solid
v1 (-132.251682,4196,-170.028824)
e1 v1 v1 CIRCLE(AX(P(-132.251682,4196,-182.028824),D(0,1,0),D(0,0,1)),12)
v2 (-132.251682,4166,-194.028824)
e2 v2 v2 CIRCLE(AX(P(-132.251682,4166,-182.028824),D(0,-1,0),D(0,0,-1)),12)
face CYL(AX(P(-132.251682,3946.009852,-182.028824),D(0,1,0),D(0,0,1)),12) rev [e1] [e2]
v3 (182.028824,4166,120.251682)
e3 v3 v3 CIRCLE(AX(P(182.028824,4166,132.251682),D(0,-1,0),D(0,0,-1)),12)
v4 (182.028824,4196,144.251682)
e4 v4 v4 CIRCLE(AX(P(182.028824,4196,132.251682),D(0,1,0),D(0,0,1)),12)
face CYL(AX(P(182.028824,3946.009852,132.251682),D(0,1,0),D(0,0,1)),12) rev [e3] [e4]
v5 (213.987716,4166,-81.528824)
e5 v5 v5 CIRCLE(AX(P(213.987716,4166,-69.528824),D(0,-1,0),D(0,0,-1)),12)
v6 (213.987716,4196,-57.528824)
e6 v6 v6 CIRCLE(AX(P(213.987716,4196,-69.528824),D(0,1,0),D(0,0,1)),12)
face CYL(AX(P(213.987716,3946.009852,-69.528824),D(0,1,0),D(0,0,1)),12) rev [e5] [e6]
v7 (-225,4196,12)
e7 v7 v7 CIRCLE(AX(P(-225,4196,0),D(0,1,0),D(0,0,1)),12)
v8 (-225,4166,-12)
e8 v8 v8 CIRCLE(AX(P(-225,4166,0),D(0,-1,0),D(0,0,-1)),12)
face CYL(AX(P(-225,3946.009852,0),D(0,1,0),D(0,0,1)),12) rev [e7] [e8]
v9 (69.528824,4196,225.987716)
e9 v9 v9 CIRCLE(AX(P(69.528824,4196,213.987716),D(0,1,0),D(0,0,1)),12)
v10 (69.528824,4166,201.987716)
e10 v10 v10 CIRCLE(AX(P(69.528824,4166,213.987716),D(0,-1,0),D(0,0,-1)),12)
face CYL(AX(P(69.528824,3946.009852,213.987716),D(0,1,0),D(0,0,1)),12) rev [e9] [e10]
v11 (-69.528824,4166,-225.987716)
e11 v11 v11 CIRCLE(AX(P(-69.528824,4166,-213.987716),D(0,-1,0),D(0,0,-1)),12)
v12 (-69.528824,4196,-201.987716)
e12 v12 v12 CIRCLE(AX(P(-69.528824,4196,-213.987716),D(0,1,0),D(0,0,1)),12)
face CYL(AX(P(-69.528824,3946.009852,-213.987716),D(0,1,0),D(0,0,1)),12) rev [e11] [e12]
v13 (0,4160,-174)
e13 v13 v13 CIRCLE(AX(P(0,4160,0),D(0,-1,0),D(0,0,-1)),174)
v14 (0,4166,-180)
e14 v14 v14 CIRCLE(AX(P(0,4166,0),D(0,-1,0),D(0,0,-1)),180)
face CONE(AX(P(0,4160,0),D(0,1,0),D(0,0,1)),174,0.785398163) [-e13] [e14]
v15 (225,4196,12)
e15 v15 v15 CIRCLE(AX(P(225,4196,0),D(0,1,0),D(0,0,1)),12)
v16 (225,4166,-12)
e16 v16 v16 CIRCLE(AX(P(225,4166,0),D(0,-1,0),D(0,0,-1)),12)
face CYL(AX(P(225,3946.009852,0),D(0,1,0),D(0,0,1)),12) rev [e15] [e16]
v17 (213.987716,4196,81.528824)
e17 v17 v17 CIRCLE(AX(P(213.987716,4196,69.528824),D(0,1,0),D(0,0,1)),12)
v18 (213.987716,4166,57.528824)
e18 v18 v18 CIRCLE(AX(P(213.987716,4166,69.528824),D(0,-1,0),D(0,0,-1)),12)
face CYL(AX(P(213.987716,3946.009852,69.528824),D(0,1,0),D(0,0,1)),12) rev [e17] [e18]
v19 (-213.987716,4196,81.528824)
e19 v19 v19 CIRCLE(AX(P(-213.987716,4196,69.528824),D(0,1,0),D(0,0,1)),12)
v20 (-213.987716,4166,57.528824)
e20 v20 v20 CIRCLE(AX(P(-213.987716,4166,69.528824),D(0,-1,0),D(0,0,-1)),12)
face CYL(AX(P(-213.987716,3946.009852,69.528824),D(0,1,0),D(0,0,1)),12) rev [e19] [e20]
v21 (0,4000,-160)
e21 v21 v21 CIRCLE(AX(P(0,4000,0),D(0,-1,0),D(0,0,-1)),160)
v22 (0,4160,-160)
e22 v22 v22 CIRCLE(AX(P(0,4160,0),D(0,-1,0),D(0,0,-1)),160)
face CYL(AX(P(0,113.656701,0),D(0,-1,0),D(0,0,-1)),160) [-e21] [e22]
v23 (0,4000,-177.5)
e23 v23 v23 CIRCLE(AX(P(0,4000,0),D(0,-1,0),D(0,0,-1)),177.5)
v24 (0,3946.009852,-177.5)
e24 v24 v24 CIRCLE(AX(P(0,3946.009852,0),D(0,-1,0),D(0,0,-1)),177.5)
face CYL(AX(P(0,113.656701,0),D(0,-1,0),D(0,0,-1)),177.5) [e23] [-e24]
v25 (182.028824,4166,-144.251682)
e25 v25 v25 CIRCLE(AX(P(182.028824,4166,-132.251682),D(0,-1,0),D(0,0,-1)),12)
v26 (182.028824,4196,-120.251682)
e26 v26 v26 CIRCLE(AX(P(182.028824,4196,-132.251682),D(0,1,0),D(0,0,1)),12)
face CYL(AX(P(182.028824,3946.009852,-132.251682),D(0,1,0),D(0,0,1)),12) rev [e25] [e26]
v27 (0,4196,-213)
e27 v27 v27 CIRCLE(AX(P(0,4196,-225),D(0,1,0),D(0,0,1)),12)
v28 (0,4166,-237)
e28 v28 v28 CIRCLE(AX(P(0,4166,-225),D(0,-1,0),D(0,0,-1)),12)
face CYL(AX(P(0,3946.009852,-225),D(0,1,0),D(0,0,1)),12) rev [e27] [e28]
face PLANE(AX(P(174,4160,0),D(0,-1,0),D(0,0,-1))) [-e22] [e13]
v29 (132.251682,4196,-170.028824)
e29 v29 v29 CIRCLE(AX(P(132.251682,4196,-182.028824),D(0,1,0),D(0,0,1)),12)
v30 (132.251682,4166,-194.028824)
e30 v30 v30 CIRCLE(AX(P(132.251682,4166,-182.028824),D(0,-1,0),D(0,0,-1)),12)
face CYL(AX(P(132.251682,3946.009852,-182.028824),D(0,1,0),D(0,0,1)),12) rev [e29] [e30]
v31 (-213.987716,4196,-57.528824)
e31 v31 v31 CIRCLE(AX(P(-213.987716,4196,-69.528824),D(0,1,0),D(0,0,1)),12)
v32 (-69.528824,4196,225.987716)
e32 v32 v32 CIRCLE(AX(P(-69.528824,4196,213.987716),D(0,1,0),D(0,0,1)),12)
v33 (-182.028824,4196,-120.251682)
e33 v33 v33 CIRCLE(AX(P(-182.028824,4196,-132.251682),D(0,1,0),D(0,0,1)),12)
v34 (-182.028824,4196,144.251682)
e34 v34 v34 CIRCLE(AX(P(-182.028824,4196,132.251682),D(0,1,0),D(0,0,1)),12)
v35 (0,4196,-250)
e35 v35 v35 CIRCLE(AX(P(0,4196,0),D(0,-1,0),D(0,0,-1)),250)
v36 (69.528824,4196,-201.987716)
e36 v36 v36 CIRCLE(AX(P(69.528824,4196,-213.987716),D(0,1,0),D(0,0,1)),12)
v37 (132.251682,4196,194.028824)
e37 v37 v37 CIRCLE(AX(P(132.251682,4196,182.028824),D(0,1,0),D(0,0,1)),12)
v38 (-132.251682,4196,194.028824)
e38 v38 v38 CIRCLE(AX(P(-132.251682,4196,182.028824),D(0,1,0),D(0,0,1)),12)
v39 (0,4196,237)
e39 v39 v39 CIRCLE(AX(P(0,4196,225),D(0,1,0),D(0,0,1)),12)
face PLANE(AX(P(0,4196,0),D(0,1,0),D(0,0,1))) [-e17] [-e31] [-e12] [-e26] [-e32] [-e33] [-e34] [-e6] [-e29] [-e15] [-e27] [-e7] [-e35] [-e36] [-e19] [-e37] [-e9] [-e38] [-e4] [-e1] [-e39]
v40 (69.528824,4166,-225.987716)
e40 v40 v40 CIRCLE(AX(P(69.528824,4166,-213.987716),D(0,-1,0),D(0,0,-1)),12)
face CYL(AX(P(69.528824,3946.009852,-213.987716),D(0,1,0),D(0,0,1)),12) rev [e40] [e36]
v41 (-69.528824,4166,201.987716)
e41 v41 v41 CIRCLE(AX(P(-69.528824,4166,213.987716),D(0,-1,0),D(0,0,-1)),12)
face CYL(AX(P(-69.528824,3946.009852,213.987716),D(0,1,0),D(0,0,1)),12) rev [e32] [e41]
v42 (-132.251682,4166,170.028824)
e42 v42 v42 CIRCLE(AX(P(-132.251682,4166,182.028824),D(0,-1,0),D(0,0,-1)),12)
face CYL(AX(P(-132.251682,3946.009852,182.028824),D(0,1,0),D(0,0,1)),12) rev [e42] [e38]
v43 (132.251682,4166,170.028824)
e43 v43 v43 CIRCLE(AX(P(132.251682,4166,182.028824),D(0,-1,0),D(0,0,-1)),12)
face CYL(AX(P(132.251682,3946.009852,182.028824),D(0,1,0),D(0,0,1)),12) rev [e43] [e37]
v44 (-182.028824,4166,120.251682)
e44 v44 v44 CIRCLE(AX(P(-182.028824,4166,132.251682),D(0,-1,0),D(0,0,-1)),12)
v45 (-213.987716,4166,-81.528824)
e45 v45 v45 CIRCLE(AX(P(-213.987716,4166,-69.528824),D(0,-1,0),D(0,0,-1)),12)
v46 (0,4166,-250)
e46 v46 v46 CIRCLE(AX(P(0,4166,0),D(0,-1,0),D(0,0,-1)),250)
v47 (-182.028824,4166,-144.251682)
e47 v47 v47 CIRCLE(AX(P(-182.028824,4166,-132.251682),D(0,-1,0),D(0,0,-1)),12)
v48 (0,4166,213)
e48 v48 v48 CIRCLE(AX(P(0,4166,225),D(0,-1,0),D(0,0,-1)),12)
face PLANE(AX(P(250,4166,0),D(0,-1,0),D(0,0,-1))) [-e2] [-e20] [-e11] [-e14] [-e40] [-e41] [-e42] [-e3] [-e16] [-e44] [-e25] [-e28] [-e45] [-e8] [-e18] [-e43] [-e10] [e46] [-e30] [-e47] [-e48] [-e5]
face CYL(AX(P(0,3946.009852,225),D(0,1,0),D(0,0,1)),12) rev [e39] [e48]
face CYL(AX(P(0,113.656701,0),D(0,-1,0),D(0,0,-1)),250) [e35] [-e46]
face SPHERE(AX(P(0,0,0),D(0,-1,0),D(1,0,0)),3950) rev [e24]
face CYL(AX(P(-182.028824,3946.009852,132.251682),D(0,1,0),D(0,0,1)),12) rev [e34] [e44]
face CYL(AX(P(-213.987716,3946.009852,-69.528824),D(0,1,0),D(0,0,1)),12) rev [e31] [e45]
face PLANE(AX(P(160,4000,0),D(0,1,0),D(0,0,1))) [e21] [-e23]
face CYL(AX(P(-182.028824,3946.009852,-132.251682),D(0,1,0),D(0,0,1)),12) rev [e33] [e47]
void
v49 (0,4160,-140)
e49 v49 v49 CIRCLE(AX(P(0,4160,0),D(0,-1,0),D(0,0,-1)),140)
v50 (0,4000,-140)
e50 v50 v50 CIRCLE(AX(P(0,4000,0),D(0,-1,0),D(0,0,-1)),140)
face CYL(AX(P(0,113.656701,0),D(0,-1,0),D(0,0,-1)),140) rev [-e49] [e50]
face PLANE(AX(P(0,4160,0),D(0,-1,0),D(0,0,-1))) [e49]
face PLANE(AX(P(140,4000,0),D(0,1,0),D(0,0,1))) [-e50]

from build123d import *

# Parameters (mm, degrees)
ESBO_O2_R             = 12
CORTE_EXTRUS_O1_DEPTH = 250.990148264


with BuildPart() as part:
    # Esboço1 → Revolução1 (revolve)
    with BuildSketch(Plane.XY):
        with BuildLine():
            Line((0, 4196), (250, 4196))
            Line((250, 4196), (250, 4166))
            Line((250, 4166), (180, 4166))
            Line((180, 4166), (174, 4160))
            Line((174, 4160), (160, 4160))
            Line((160, 4160), (160, 4000))
            Line((160, 4000), (177.5, 4000))
            Line((177.5, 4000), (177.5, 3946.009851736))
            ThreePointArc((177.5, 3946.009851736), (88.77242151, 3949.002336943), (0, 3950))
            Line((0, 3950), (0, 4000))
            Line((0, 4000), (140, 4000))
            Line((140, 4000), (140, 4160))
            Line((140, 4160), (0, 4160))
            Line((0, 4160), (0, 4196))
        make_face()
    revolve(axis=Axis((0, 113.656700564, 0), (0, 1, 0)))

    # Esboço2 → Corte-extrusão1 (cut, through all)
    with BuildSketch(Plane(origin=(0, 4196, 0), x_dir=(1, 0, 0), z_dir=(0, 1, 0))):
        with Locations((0, 225)):
            Circle(ESBO_O2_R)
        with Locations((69.528823734, 213.987716166)):
            Circle(ESBO_O2_R)
        with Locations((132.251681766, 182.028823734)):
            Circle(ESBO_O2_R)
        with Locations((182.028823734, 132.251681766)):
            Circle(ESBO_O2_R)
        with Locations((213.987716166, 69.528823734)):
            Circle(ESBO_O2_R)
        with Locations((225, 0)):
            Circle(ESBO_O2_R)
        with Locations((213.987716166, -69.528823734)):
            Circle(ESBO_O2_R)
        with Locations((182.028823734, -132.251681766)):
            Circle(ESBO_O2_R)
        with Locations((132.251681766, -182.028823734)):
            Circle(ESBO_O2_R)
        with Locations((69.528823734, -213.987716166)):
            Circle(ESBO_O2_R)
        with Locations((0, -225)):
            Circle(ESBO_O2_R)
        with Locations((-69.528823734, -213.987716166)):
            Circle(ESBO_O2_R)
        with Locations((-132.251681766, -182.028823734)):
            Circle(ESBO_O2_R)
        with Locations((-182.028823734, -132.251681766)):
            Circle(ESBO_O2_R)
        with Locations((-213.987716166, -69.528823734)):
            Circle(ESBO_O2_R)
        with Locations((-225, 0)):
            Circle(ESBO_O2_R)
        with Locations((-213.987716166, 69.528823734)):
            Circle(ESBO_O2_R)
        with Locations((-182.028823734, 132.251681766)):
            Circle(ESBO_O2_R)
        with Locations((-132.251681766, 182.028823734)):
            Circle(ESBO_O2_R)
        with Locations((-69.528823734, 213.987716166)):
            Circle(ESBO_O2_R)
    extrude(amount=-CORTE_EXTRUS_O1_DEPTH, mode=Mode.SUBTRACT)


solid = part.part
